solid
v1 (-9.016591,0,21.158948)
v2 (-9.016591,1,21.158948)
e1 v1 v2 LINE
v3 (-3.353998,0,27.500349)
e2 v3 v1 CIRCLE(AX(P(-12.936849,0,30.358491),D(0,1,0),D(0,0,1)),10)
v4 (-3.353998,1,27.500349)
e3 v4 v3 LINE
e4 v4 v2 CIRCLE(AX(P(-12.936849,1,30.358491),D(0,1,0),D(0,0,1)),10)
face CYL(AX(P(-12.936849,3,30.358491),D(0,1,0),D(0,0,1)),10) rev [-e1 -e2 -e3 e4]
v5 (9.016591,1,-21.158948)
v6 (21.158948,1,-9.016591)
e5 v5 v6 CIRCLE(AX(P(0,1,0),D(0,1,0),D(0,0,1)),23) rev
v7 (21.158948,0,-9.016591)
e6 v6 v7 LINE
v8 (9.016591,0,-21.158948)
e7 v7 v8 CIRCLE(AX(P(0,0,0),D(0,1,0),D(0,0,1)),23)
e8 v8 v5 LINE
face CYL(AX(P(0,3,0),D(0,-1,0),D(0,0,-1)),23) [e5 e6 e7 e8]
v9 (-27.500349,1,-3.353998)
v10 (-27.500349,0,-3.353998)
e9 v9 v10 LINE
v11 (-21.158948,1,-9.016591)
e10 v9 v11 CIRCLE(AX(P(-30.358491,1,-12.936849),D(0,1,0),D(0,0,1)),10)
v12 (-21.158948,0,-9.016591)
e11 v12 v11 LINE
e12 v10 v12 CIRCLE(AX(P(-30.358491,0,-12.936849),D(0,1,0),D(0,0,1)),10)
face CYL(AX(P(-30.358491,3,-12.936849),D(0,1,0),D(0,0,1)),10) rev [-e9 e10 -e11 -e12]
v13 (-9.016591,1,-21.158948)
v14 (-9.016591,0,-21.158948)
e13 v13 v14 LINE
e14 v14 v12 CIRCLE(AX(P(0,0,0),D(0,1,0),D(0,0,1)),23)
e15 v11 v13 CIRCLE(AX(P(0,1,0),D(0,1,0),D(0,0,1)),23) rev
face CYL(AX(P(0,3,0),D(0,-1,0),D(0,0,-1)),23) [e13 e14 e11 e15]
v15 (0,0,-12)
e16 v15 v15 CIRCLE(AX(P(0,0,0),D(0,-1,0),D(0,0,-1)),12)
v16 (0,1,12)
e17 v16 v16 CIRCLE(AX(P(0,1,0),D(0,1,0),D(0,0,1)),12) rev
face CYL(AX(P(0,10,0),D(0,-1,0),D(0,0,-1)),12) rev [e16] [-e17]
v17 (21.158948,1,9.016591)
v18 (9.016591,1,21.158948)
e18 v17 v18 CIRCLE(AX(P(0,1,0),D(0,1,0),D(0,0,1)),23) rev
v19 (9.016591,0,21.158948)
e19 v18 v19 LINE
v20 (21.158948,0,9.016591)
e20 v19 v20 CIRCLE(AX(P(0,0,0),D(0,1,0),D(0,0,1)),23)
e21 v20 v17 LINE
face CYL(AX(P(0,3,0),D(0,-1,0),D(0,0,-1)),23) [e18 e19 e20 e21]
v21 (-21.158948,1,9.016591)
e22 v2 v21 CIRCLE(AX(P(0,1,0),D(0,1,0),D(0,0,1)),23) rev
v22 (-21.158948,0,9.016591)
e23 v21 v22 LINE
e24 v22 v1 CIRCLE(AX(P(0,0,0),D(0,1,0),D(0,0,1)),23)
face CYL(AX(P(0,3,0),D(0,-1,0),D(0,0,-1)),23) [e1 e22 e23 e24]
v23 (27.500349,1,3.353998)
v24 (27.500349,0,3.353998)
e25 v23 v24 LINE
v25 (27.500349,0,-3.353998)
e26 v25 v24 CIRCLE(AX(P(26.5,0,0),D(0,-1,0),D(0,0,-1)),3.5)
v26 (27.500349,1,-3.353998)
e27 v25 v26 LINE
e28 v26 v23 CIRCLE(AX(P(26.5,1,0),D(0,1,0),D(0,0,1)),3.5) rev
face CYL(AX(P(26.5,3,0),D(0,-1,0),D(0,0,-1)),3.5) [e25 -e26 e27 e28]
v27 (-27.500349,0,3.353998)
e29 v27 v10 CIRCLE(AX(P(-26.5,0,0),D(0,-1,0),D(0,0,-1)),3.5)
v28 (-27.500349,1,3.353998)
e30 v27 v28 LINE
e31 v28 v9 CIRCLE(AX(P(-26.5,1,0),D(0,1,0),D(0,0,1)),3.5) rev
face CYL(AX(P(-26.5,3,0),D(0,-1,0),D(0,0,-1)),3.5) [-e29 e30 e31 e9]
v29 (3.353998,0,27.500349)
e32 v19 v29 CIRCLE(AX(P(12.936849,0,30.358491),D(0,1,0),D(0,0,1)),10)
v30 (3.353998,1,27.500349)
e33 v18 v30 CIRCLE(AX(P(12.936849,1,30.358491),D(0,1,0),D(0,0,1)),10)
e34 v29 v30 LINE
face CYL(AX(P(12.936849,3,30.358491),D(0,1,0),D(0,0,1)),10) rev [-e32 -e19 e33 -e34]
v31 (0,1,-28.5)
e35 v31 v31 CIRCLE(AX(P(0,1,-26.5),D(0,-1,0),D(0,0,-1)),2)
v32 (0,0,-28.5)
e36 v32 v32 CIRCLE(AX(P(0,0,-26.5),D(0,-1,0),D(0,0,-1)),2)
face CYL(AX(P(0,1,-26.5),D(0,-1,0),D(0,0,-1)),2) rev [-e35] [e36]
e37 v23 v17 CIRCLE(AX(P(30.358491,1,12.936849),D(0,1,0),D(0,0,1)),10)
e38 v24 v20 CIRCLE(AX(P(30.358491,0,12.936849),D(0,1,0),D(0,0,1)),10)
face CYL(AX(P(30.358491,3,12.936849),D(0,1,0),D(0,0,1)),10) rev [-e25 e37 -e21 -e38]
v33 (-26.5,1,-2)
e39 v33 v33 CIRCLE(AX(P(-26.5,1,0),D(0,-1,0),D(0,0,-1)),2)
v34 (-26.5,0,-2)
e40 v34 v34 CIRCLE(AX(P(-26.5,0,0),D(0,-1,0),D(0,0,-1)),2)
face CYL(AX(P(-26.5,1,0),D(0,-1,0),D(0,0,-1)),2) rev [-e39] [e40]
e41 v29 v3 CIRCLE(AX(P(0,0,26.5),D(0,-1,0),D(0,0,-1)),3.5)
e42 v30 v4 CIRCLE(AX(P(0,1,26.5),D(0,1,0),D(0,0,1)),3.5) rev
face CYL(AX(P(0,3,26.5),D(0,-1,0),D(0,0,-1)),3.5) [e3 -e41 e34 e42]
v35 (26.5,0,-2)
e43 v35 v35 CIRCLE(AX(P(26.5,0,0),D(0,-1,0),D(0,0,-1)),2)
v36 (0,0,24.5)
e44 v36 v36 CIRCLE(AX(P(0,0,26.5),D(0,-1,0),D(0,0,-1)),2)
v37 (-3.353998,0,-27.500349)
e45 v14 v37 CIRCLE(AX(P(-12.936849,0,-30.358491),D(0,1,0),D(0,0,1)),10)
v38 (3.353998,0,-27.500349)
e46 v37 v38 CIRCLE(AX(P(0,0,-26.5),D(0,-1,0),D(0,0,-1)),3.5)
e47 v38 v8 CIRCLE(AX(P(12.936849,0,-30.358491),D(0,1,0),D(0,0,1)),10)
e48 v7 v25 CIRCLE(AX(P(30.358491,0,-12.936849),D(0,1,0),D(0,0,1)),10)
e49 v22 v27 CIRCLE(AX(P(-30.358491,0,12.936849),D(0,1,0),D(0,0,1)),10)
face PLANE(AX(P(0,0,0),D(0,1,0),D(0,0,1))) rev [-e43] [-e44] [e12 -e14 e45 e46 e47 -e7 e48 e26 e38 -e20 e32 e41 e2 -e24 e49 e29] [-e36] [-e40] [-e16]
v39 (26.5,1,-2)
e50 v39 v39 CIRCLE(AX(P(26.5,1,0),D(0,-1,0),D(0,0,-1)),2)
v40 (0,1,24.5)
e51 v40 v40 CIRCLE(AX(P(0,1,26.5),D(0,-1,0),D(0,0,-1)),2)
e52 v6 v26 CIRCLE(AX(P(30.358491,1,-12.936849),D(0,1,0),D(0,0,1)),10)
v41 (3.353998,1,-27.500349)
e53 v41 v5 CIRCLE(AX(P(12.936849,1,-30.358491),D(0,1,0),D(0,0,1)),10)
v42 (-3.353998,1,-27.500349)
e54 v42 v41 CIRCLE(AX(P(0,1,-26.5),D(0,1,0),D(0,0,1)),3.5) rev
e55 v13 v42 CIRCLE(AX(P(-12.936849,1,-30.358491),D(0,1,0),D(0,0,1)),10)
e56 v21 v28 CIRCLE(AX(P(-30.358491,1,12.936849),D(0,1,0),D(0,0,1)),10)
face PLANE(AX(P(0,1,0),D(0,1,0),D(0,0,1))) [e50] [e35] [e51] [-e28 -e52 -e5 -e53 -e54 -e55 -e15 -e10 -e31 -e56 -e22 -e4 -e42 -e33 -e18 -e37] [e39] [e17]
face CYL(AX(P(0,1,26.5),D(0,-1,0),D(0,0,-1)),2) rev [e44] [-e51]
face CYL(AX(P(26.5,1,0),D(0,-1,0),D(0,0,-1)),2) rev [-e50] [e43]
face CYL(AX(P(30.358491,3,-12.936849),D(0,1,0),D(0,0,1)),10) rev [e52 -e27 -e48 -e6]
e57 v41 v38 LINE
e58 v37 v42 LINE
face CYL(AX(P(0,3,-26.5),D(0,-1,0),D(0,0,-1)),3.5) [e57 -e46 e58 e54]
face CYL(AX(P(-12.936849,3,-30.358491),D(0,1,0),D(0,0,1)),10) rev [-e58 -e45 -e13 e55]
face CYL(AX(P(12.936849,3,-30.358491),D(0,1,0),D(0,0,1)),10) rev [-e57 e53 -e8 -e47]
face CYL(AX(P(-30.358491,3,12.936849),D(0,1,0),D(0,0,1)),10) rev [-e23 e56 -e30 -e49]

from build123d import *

# Parameters (mm, degrees)
SKETCH1_R           = 23
BOSS_EXTRUDE1_DEPTH = 3
SKETCH2_R           = 12
CUT_EXTRUDE1_DEPTH  = 10
SKETCH3_R           = 1.75
BOSS_EXTRUDE2_DEPTH = 3
SKETCH4_R           = 2.8
CUT_EXTRUDE2_DEPTH  = 1
FILLET1_R           = 10
SKETCH5_R           = 31.123463038
CUT_EXTRUDE3_DEPTH  = 1
CUT_EXTRUDE4_DEPTH  = 1
SKETCH7_R           = 2.8
SKETCH7_R_2         = 2
BOSS_EXTRUDE3_DEPTH = 1


with BuildPart() as part:
    # Sketch1 → Boss-Extrude1 (new body)
    with BuildSketch(Plane(origin=(0, 0, 0), x_dir=(1, 0, 0), z_dir=(0, 1, 0))):
        Circle(SKETCH1_R)
    extrude(amount=BOSS_EXTRUDE1_DEPTH)

    # Sketch2 → Cut-Extrude1 (cut)
    with BuildSketch(Plane.XZ):
        Circle(SKETCH2_R)
    extrude(amount=-CUT_EXTRUDE1_DEPTH, mode=Mode.SUBTRACT)

    # Sketch3 → Boss-Extrude2 (add)
    with BuildSketch(Plane.XZ):
        with BuildLine():
            Line((-26.5, 3.5), (-22.732135843, 3.5))
            ThreePointArc((-22.732135843, 3.5), (-23, 0), (-22.732135843, -3.5))
            Line((-22.732135843, -3.5), (-26.5, -3.5))
            ThreePointArc((-26.5, -3.5), (-30, 0), (-26.5, 3.5))
        make_face()
        with Locations((-26.5, 0)):
            Circle(SKETCH3_R, mode=Mode.SUBTRACT)
        with BuildLine():
            Line((3.5, 26.5), (3.5, 22.732135843))
            ThreePointArc((3.5, 22.732135843), (0, 23), (-3.5, 22.732135843))
            Line((-3.5, 22.732135843), (-3.5, 26.5))
            ThreePointArc((-3.5, 26.5), (0, 30), (3.5, 26.5))
        make_face()
        with Locations((0, 26.5)):
            Circle(SKETCH3_R, mode=Mode.SUBTRACT)
        with BuildLine():
            Line((26.5, -3.5), (22.732135843, -3.5))
            ThreePointArc((22.732135843, -3.5), (23, 0), (22.732135843, 3.5))
            Line((22.732135843, 3.5), (26.5, 3.5))
            ThreePointArc((26.5, 3.5), (30, 0), (26.5, -3.5))
        make_face()
        with Locations((26.5, 0)):
            Circle(SKETCH3_R, mode=Mode.SUBTRACT)
        with BuildLine():
            Line((-3.5, -26.5), (-3.5, -22.732135843))
            ThreePointArc((-3.5, -22.732135843), (0, -23), (3.5, -22.732135843))
            Line((3.5, -22.732135843), (3.5, -26.5))
            ThreePointArc((3.5, -26.5), (0, -30), (-3.5, -26.5))
        make_face()
        with Locations((0, -26.5)):
            Circle(SKETCH3_R, mode=Mode.SUBTRACT)
    extrude(amount=-BOSS_EXTRUDE2_DEPTH)

    # Sketch4 → Cut-Extrude2 (cut)
    with BuildSketch(Plane.XZ):
        with Locations((-26.5, 0)):
            Circle(SKETCH4_R)
        with Locations((0, 26.5)):
            Circle(SKETCH4_R)
        with Locations((26.5, 0)):
            Circle(SKETCH4_R)
        with Locations((0, -26.5)):
            Circle(SKETCH4_R)
    extrude(amount=-CUT_EXTRUDE2_DEPTH, mode=Mode.SUBTRACT)

    # Fillet1
    fillet1_edges = [part.edges().sort_by_distance(p)[0] for p in [
        (3.5, 1.5, 22.732135843),
        (22.732135843, 1.5, 3.5),
        (22.732135843, 1.5, -3.5),
        (3.5, 1.5, -22.732135843),
        (-3.5, 1.5, -22.732135843),
        (-22.732135843, 1.5, -3.5),
        (-22.732135843, 1.5, 3.5),
        (-3.5, 1.5, 22.732135843),
    ]]
    fillet(fillet1_edges, radius=FILLET1_R)

    # Sketch5 → Cut-Extrude3 (cut)
    with BuildSketch(Plane(origin=(0, 3, 0), x_dir=(1, 0, 0), z_dir=(0, 1, 0))):
        Circle(SKETCH5_R)
    extrude(amount=-CUT_EXTRUDE3_DEPTH, mode=Mode.SUBTRACT)

    # Sketch6 → Cut-Extrude4 (cut)
    with BuildSketch(Plane(origin=(0, 2, 0), x_dir=(1, 0, 0), z_dir=(0, 1, 0))):
        with BuildLine():
            ThreePointArc((3.353997774, 27.500349406), (5.477838975, 23.697921815), (9.016591418, 21.15894797))
            ThreePointArc((9.016591418, 21.15894797), (16.263455967, 16.263455967), (21.15894797, 9.016591418))
            ThreePointArc((21.15894797, 9.016591418), (23.697921815, 5.477838975), (27.500349406, 3.353997774))
            ThreePointArc((27.500349406, 3.353997774), (30, 0), (27.500349406, -3.353997774))
            ThreePointArc((27.500349406, -3.353997774), (23.697921815, -5.477838975), (21.15894797, -9.016591418))
            ThreePointArc((21.15894797, -9.016591418), (16.263455967, -16.263455967), (9.016591418, -21.15894797))
            ThreePointArc((9.016591418, -21.15894797), (5.477838975, -23.697921815), (3.353997774, -27.500349406))
            ThreePointArc((3.353997774, -27.500349406), (0, -30), (-3.353997774, -27.500349406))
            ThreePointArc((-3.353997774, -27.500349406), (-5.477838975, -23.697921815), (-9.016591418, -21.15894797))
            ThreePointArc((-9.016591418, -21.15894797), (-16.263455967, -16.263455967), (-21.15894797, -9.016591418))
            ThreePointArc((-21.15894797, -9.016591418), (-23.697921815, -5.477838975), (-27.500349406, -3.353997774))
            ThreePointArc((-27.500349406, -3.353997774), (-30, 0), (-27.500349406, 3.353997774))
            ThreePointArc((-27.500349406, 3.353997774), (-23.697921815, 5.477838975), (-21.15894797, 9.016591418))
            ThreePointArc((-21.15894797, 9.016591418), (-16.263455967, 16.263455967), (-9.016591418, 21.15894797))
            ThreePointArc((-9.016591418, 21.15894797), (-5.477838975, 23.697921815), (-3.353997774, 27.500349406))
            ThreePointArc((-3.353997774, 27.500349406), (0, 30), (3.353997774, 27.500349406))
        make_face()
    extrude(amount=-CUT_EXTRUDE4_DEPTH, mode=Mode.SUBTRACT)

    # Sketch7 → Boss-Extrude3 (add)
    with BuildSketch(Plane.XZ):
        with Locations((0, 26.5)):
            Circle(SKETCH7_R)
        with Locations((0, 26.5)):
            Circle(SKETCH7_R_2, mode=Mode.SUBTRACT)
        with Locations((26.5, 0)):
            Circle(SKETCH7_R)
        with Locations((26.5, 0)):
            Circle(SKETCH7_R_2, mode=Mode.SUBTRACT)
        with Locations((0, -26.5)):
            Circle(SKETCH7_R)
        with Locations((0, -26.5)):
            Circle(SKETCH7_R_2, mode=Mode.SUBTRACT)
        with Locations((-26.5, 0)):
            Circle(SKETCH7_R)
        with Locations((-26.5, 0)):
            Circle(SKETCH7_R_2, mode=Mode.SUBTRACT)
    extrude(amount=-BOSS_EXTRUDE3_DEPTH)


solid = part.part
